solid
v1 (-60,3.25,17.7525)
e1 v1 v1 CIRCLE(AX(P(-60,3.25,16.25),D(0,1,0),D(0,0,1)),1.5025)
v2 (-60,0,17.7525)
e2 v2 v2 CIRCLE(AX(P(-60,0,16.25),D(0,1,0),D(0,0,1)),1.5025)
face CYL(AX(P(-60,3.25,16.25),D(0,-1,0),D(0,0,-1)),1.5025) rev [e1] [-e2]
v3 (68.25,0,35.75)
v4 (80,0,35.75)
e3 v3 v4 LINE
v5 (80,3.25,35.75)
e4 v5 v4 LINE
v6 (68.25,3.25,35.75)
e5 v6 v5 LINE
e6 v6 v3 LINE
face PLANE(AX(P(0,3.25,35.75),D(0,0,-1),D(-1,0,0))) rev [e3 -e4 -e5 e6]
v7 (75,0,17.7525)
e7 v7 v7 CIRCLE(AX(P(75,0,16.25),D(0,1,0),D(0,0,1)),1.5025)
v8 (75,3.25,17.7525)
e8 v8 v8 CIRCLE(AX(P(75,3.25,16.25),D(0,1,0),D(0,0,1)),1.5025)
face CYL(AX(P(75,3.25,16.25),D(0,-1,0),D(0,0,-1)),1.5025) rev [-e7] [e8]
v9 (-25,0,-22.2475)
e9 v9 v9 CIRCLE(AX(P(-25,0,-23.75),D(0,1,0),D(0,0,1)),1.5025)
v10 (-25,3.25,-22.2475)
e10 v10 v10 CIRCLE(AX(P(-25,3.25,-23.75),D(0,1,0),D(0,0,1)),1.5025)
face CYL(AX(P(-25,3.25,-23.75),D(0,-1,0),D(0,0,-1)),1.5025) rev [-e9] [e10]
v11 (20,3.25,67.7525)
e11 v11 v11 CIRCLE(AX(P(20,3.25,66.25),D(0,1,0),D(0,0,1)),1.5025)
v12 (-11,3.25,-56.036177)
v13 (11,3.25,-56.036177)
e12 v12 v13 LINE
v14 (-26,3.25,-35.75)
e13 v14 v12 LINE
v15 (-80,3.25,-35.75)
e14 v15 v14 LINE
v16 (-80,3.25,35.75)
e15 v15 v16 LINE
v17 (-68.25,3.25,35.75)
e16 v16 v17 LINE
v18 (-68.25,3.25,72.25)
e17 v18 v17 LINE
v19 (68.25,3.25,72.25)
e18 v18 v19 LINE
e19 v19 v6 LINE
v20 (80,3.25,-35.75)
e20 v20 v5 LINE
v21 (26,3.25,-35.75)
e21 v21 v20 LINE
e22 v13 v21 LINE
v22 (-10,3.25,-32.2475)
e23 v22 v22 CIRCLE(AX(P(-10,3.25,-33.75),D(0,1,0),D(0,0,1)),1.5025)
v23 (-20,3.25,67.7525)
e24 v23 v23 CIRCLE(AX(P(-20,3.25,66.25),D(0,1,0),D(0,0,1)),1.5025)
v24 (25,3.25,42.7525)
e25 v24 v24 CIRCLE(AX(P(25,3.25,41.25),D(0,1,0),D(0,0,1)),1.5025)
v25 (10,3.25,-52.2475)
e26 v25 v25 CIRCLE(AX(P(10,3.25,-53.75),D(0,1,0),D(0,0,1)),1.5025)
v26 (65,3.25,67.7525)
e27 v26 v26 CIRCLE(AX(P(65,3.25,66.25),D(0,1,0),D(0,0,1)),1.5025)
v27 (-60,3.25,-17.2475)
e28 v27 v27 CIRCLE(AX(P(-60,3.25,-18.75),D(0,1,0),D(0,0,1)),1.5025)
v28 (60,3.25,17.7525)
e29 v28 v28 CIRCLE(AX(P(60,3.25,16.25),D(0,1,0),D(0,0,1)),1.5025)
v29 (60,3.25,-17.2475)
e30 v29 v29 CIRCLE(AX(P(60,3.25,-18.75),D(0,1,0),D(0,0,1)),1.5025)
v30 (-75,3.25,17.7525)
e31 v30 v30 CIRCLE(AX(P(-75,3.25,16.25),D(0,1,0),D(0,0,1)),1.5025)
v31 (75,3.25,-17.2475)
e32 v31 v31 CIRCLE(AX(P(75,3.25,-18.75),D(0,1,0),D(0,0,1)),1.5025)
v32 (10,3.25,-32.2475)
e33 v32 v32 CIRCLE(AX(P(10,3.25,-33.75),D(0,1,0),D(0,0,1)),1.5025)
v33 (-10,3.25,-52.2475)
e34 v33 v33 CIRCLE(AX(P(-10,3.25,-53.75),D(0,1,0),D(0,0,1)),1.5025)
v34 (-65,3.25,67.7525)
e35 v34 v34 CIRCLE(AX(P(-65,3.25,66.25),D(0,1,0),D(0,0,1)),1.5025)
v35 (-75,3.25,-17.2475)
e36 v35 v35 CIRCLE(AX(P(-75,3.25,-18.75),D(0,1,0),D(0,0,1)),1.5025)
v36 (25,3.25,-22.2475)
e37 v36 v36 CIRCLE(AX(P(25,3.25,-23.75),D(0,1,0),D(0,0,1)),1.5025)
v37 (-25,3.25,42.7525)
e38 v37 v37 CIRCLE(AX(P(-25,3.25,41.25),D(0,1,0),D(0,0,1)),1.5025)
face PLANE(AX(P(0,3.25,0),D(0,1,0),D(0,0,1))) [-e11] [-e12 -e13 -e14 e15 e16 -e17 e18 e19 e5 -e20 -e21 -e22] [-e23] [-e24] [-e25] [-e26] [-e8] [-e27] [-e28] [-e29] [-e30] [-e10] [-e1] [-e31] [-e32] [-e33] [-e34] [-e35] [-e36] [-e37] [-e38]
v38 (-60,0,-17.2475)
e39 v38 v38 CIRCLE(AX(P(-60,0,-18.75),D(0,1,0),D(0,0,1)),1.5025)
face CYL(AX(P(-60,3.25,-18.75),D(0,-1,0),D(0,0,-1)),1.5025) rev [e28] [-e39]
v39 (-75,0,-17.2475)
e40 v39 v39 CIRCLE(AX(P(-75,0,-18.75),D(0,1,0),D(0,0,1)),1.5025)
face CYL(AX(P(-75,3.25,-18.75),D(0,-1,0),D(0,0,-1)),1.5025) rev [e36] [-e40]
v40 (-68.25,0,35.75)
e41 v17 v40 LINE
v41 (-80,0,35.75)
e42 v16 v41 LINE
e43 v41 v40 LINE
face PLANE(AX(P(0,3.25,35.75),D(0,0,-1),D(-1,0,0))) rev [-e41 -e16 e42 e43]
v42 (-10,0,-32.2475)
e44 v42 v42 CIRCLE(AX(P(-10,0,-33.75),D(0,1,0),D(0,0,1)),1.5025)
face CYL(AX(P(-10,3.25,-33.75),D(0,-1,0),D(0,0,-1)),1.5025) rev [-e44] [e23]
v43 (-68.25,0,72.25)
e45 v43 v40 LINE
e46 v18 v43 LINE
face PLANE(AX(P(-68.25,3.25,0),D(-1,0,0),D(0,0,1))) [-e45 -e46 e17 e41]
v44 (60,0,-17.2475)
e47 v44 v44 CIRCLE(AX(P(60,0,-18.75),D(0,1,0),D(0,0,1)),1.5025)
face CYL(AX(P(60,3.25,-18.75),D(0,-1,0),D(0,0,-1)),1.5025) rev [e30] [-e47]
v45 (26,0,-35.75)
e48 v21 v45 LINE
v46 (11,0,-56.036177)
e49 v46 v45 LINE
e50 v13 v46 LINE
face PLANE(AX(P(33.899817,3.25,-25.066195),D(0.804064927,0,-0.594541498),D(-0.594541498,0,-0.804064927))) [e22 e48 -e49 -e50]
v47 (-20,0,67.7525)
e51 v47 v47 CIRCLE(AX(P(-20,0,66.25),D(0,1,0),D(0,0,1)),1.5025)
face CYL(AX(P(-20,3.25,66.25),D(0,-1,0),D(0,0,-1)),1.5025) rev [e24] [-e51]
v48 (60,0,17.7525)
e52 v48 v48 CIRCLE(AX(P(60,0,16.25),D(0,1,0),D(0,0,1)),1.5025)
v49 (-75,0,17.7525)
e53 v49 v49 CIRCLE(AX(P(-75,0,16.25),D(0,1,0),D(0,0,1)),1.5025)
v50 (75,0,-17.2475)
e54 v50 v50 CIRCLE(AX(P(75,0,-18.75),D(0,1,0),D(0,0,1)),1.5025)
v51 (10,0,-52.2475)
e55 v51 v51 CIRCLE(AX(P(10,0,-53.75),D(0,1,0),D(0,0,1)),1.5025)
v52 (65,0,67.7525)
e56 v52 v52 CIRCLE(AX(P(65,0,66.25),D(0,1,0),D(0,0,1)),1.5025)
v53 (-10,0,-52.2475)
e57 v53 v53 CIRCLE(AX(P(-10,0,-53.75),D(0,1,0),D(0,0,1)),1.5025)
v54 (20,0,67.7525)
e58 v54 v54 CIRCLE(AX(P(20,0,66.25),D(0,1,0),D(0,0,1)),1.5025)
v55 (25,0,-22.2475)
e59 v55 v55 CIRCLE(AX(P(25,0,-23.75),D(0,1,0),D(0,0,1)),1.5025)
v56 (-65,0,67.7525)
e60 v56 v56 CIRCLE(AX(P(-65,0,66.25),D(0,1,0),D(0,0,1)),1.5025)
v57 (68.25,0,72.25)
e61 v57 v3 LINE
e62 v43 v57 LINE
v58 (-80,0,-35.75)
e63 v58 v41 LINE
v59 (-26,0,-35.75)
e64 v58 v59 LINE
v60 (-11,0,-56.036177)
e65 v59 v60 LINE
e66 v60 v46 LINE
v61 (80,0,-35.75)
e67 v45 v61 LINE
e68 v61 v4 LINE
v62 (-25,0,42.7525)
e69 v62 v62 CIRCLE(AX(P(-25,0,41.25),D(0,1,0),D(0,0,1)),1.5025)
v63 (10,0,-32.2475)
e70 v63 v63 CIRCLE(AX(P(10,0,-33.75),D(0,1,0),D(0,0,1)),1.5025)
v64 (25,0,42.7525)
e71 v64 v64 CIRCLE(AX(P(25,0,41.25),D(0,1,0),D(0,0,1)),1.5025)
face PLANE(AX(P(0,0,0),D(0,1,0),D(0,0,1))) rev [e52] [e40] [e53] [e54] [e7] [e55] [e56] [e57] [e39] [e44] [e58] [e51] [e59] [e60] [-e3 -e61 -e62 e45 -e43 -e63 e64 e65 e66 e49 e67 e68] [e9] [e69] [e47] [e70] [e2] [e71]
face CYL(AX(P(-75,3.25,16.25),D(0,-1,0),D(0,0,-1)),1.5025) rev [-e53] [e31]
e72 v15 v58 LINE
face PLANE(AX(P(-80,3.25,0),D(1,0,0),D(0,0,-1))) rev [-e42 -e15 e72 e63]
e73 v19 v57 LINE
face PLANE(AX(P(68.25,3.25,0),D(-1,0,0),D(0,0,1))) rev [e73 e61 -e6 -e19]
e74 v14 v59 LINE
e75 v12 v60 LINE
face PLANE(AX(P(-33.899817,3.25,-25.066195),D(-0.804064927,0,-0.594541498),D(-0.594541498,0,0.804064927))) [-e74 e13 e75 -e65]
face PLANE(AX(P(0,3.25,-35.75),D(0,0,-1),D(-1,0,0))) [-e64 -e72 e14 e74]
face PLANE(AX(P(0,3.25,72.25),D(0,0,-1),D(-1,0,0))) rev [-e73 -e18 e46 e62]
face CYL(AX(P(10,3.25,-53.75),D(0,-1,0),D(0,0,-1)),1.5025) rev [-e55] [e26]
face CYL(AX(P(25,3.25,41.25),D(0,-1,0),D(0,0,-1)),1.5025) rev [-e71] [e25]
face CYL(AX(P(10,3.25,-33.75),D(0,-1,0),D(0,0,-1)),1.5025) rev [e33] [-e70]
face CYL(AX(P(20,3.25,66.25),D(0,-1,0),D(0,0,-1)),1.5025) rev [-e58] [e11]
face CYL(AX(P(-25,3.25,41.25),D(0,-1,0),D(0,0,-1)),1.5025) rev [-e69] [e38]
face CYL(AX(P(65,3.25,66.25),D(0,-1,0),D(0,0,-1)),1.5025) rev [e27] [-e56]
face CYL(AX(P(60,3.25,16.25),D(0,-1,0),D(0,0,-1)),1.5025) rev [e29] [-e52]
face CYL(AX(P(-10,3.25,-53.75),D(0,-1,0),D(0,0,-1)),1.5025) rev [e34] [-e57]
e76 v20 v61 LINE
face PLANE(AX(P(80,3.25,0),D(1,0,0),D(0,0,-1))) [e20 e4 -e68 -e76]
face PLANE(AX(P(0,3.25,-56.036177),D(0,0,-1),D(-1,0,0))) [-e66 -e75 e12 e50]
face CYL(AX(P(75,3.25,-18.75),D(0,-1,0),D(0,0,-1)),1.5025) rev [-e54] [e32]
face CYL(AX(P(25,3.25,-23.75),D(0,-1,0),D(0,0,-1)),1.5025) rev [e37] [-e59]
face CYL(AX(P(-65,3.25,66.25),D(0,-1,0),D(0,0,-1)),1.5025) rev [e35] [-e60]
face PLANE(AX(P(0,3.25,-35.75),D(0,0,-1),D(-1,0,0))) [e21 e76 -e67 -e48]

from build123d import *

# Parameters (mm, degrees)
SKETCH1_R           = 1.5025
BOSS_EXTRUDE1_DEPTH = 3.25


with BuildPart() as part:
    # Sketch1 → Boss-Extrude1 (new body)
    with BuildSketch(Plane(origin=(0, 0, 0), x_dir=(1, 0, 0), z_dir=(0, 1, 0))):
        Polygon((-11, 56.036176716), (11, 56.036176716), (26, 35.75), (80, 35.75), (80, -35.75), (68.25, -35.75), (68.25, -72.25), (-68.25, -72.25), (-68.25, -35.75), (-80, -35.75), (-80, 35.75), (-26, 35.75), align=None)
        with Locations((-10, 33.75)):
            Circle(SKETCH1_R, mode=Mode.SUBTRACT)
        with Locations((10, 33.75)):
            Circle(SKETCH1_R, mode=Mode.SUBTRACT)
        with Locations((-10, 53.75)):
            Circle(SKETCH1_R, mode=Mode.SUBTRACT)
        with Locations((10, 53.75)):
            Circle(SKETCH1_R, mode=Mode.SUBTRACT)
        with Locations((-25, 23.75)):
            Circle(SKETCH1_R, mode=Mode.SUBTRACT)
        with Locations((25, 23.75)):
            Circle(SKETCH1_R, mode=Mode.SUBTRACT)
        with Locations((-60, 18.75)):
            Circle(SKETCH1_R, mode=Mode.SUBTRACT)
        with Locations((60, 18.75)):
            Circle(SKETCH1_R, mode=Mode.SUBTRACT)
        with Locations((75, 18.75)):
            Circle(SKETCH1_R, mode=Mode.SUBTRACT)
        with Locations((-60, -16.25)):
            Circle(SKETCH1_R, mode=Mode.SUBTRACT)
        with Locations((60, -16.25)):
            Circle(SKETCH1_R, mode=Mode.SUBTRACT)
        with Locations((75, -16.25)):
            Circle(SKETCH1_R, mode=Mode.SUBTRACT)
        with Locations((-25, -41.25)):
            Circle(SKETCH1_R, mode=Mode.SUBTRACT)
        with Locations((25, -41.25)):
            Circle(SKETCH1_R, mode=Mode.SUBTRACT)
        with Locations((-65, -66.25)):
            Circle(SKETCH1_R, mode=Mode.SUBTRACT)
        with Locations((-20, -66.25)):
            Circle(SKETCH1_R, mode=Mode.SUBTRACT)
        with Locations((20, -66.25)):
            Circle(SKETCH1_R, mode=Mode.SUBTRACT)
        with Locations((65, -66.25)):
            Circle(SKETCH1_R, mode=Mode.SUBTRACT)
        with Locations((-75, 18.75)):
            Circle(SKETCH1_R, mode=Mode.SUBTRACT)
        with Locations((-75, -16.25)):
            Circle(SKETCH1_R, mode=Mode.SUBTRACT)
    extrude(amount=BOSS_EXTRUDE1_DEPTH)


solid = part.part
